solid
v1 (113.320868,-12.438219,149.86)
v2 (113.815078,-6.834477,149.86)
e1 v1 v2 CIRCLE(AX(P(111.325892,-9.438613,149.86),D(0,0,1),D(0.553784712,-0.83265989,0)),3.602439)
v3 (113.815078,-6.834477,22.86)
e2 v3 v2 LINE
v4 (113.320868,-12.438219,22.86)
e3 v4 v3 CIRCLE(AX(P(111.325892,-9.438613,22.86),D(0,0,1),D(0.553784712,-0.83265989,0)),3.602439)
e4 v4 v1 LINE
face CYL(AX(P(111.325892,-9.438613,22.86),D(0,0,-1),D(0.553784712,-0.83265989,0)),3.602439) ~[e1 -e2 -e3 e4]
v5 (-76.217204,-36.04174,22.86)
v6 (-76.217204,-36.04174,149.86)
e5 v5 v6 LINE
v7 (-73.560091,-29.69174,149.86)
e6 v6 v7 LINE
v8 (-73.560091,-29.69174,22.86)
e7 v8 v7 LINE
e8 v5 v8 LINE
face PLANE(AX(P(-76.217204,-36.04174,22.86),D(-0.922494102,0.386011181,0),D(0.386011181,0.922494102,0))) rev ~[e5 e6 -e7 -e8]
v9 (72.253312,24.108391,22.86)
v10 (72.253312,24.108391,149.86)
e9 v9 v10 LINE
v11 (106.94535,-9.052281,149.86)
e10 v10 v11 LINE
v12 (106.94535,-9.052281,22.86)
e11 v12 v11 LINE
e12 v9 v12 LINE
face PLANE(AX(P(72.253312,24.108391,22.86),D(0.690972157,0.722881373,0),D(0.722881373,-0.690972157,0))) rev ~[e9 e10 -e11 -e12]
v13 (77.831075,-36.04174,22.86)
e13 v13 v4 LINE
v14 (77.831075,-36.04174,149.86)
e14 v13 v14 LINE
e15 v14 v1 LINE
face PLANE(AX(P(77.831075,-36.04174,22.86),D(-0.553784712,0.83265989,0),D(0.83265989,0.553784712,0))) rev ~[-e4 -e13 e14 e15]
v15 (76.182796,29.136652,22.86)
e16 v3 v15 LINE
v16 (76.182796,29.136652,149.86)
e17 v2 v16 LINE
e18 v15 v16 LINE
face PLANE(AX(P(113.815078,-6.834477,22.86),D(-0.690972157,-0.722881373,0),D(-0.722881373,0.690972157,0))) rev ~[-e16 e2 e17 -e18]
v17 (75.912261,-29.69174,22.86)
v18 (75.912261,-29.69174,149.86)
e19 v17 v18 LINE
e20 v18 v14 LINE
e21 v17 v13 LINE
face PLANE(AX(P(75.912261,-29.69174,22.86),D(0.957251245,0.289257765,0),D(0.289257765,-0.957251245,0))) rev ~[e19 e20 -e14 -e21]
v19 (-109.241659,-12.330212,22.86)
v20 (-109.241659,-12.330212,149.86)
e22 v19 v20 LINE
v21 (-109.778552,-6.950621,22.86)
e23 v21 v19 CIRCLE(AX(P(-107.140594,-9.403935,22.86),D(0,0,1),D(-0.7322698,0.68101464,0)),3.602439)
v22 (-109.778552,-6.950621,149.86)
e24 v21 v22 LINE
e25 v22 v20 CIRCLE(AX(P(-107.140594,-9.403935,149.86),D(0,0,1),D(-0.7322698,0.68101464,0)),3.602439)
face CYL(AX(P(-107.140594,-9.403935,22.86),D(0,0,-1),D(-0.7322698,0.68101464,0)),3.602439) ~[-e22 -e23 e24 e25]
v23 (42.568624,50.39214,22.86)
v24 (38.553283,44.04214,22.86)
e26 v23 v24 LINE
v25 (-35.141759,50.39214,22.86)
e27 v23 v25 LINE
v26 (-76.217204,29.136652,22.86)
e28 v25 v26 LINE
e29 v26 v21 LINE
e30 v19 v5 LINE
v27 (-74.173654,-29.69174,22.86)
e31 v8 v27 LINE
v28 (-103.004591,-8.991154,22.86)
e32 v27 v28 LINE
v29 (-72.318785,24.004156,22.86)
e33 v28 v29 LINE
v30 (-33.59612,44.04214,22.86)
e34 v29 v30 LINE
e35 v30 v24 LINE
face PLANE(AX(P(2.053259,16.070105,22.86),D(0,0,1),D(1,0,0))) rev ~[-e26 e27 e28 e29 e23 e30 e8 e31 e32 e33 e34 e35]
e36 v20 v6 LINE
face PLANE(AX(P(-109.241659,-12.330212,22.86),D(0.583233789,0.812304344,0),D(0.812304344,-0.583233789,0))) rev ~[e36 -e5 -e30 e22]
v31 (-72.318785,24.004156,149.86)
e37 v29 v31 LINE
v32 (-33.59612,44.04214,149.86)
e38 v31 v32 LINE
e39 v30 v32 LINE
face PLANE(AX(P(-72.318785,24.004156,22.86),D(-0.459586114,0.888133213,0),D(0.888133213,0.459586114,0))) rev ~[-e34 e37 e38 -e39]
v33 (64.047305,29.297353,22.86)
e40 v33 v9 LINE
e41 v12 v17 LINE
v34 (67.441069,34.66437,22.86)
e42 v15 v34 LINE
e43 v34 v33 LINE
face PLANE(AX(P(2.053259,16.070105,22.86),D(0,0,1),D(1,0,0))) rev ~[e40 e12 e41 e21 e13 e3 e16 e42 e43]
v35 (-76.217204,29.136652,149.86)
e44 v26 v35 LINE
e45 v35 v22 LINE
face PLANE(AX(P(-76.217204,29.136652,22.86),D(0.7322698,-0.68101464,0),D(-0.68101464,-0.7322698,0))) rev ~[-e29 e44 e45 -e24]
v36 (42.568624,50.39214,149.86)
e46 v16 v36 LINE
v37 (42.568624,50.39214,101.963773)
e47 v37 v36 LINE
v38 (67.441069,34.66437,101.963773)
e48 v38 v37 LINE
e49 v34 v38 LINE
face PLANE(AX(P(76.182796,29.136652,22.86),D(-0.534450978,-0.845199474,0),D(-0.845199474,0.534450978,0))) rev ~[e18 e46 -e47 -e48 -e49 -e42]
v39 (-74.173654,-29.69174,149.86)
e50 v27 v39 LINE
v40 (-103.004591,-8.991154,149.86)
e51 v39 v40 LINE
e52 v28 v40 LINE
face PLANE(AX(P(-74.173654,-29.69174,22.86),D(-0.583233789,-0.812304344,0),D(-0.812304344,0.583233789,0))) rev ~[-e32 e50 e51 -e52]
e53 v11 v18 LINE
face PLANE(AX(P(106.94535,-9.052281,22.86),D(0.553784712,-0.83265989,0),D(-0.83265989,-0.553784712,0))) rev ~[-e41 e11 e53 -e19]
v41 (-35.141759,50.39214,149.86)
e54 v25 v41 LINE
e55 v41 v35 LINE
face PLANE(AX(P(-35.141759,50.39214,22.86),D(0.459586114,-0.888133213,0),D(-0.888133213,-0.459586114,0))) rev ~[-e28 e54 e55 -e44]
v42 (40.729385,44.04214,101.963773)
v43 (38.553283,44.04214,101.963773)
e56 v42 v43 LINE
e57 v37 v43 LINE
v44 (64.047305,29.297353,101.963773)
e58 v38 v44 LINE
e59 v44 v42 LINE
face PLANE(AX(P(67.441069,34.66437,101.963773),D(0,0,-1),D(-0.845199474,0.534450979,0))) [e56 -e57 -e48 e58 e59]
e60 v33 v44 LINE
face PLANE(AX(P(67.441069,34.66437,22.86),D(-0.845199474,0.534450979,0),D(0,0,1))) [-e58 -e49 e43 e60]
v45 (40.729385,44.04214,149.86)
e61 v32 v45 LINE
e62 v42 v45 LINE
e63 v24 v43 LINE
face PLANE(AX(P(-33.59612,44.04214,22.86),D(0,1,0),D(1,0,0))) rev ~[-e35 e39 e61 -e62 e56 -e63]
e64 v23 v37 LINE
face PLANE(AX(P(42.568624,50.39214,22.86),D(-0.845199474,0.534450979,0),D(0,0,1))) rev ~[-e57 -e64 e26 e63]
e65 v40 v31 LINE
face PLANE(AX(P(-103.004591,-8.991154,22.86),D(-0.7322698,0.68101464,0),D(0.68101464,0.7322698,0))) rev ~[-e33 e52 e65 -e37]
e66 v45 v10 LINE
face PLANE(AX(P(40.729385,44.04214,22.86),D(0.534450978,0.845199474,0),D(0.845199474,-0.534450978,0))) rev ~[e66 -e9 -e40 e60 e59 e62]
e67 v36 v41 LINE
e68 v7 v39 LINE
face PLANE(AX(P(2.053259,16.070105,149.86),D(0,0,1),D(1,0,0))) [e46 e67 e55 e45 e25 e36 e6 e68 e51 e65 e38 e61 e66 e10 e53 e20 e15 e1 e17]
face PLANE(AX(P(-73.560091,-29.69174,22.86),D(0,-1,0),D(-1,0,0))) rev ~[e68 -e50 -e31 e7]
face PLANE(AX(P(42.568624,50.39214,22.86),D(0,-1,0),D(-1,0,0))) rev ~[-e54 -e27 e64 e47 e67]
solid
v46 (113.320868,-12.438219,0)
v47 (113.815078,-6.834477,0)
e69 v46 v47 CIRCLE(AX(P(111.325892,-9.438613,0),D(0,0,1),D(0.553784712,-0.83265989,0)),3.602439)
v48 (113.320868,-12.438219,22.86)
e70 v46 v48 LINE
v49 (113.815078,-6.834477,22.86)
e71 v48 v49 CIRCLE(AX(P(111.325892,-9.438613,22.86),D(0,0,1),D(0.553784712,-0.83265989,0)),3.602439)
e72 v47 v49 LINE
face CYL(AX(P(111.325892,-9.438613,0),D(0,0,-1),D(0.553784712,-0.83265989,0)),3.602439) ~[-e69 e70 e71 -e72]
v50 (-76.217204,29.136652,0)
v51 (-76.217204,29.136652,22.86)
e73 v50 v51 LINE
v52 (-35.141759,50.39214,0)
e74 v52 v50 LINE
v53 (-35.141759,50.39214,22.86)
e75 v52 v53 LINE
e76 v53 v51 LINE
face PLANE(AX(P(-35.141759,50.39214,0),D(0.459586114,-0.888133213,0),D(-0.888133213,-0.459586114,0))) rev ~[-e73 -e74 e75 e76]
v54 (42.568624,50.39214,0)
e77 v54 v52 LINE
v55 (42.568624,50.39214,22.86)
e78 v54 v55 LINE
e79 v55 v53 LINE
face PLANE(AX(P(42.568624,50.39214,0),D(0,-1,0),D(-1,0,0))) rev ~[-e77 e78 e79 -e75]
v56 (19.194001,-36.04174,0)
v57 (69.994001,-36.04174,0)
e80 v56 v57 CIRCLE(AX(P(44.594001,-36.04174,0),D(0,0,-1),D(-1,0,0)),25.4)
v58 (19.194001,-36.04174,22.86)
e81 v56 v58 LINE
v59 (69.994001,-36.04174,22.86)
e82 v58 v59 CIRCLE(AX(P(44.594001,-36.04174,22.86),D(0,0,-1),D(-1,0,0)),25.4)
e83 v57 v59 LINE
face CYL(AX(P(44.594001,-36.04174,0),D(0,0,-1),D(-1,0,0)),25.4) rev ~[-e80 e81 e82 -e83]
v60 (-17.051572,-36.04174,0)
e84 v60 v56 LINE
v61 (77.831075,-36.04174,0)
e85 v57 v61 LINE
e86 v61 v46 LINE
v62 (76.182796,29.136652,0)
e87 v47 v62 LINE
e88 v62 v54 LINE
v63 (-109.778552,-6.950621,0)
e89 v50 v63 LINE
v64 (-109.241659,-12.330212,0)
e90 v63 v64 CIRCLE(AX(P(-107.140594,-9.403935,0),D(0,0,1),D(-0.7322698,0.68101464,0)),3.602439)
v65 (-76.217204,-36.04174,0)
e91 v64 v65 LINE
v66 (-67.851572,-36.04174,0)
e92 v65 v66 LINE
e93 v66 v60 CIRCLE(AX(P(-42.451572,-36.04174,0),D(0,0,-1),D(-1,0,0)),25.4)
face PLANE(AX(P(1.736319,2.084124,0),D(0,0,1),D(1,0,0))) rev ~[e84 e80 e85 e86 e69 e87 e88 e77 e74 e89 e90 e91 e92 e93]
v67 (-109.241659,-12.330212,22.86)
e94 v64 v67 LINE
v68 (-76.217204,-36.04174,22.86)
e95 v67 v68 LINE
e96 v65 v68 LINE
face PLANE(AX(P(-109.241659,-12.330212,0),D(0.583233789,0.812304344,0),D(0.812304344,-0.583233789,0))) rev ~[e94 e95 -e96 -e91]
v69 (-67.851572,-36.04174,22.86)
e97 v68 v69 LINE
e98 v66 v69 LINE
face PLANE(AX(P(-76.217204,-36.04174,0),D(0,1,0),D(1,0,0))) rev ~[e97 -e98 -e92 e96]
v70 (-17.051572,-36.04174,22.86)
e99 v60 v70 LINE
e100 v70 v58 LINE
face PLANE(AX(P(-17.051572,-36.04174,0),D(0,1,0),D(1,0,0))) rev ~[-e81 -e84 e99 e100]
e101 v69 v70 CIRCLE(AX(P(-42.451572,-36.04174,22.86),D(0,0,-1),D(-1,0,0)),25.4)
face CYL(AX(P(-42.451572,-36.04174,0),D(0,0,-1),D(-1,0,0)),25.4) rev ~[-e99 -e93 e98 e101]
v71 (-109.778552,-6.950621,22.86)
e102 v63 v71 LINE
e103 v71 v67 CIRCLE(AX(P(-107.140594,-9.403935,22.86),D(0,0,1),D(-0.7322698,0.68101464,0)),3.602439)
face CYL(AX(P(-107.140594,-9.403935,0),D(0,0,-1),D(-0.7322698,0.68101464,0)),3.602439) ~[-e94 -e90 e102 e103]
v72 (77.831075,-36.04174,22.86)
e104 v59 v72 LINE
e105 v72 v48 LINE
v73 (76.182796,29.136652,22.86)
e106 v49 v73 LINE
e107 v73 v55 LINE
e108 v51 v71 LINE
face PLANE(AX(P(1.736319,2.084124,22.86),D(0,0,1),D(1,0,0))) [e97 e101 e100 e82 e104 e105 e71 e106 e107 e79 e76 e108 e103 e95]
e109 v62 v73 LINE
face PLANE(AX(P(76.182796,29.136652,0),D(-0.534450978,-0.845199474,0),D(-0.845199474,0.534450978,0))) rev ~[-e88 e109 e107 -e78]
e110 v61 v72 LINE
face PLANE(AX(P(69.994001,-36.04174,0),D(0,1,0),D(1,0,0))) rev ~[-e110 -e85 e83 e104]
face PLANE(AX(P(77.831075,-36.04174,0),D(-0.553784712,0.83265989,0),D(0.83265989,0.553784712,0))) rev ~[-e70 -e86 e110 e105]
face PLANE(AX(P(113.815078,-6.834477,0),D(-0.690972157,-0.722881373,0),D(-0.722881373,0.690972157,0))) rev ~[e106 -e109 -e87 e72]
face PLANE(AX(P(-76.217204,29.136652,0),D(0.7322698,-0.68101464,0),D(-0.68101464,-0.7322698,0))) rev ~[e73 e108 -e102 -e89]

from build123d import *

# Parameters (mm, degrees)
F1_DEPTH = 22.86
F3_DEPTH = 127
F4_W     = 29.427899497
F4_H     = 79.1037733698
F5_DEPTH = 25.4


with BuildPart() as f1:
    # F0 (on Top) → F1 (new body)
    with BuildSketch(Plane.XY):
        with BuildLine():
            Line((-109.2416586881, -12.3302117755), (-76.2172043324, -36.0417403281))
            Line((-76.2172043324, -36.0417403281), (-67.8515716732, -36.0417403281))
            ThreePointArc((-67.8515716732, -36.0417403281), (-42.4515716732, -10.6417403281), (-17.0515716732, -36.0417403281))
            Line((-17.0515716732, -36.0417403281), (19.194001025, -36.0417403281))
            ThreePointArc((19.194001025, -36.0417403281), (44.594001025, -10.6417403281), (69.994001025, -36.0417403281))
            Line((69.994001025, -36.0417403281), (76.1827956676, -36.0417403281))
            Line((76.1827956676, -36.0417403281), (77.8310745955, -36.0417403281))
            Line((77.8310745955, -36.0417403281), (113.3208680851, -12.4382194949))
            ThreePointArc((113.3208680851, -12.4382194949), (114.9144029238, -9.7550934328), (113.8150775152, -6.8344766497))
            Line((113.8150775152, -6.8344766497), (76.1827956676, 29.1366521269))
            Line((76.1827956676, 29.1366521269), (42.5686240196, 50.392139703))
            Line((42.5686240196, 50.392139703), (-35.1417586207, 50.392139703))
            Line((-35.1417586207, 50.392139703), (-76.2172043324, 29.1366521269))
            Line((-76.2172043324, 29.1366521269), (-109.778551859, -6.9506209081))
            ThreePointArc((-109.778551859, -6.9506209081), (-110.725225663, -9.761687616), (-109.2416586881, -12.3302117755))
        make_face()
    extrude(amount=F1_DEPTH)


with BuildPart() as f3:
    # F2 (on face) → F3 (new body)
    with BuildSketch(Plane.XY.offset(22.86)):
        with BuildLine():
            Line((-76.2172043324, 29.1366521269), (-109.778551859, -6.9506209081))
            ThreePointArc((-109.778551859, -6.9506209081), (-110.725225663, -9.761687616), (-109.2416586881, -12.3302117755))
            Line((-109.2416586881, -12.3302117755), (-76.2172043324, -36.0417403281))
            Line((-76.2172043324, -36.0417403281), (-73.5600914065, -29.6917403281))
            Line((-73.5600914065, -29.6917403281), (-74.1736543222, -29.6917403281))
            Line((-74.1736543222, -29.6917403281), (-103.0045907292, -8.9911538944))
            Line((-103.0045907292, -8.9911538944), (-72.3187850065, 24.0041556216))
            Line((-72.3187850065, 24.0041556216), (-33.5961198895, 44.042139703))
            Line((-33.5961198895, 44.042139703), (40.7293845442, 44.042139703))
            Line((40.7293845442, 44.042139703), (72.2533122735, 24.1083908897))
            Line((72.2533122735, 24.1083908897), (106.9453496251, -9.0522807952))
            Line((106.9453496251, -9.0522807952), (75.9122608866, -29.6917403281))
            Line((75.9122608866, -29.6917403281), (77.8310745955, -36.0417403281))
            Line((77.8310745955, -36.0417403281), (113.3208680851, -12.4382194949))
            ThreePointArc((113.3208680851, -12.4382194949), (114.9144029238, -9.7550934328), (113.8150775152, -6.8344766497))
            Line((113.8150775152, -6.8344766497), (76.1827956676, 29.1366521269))
            Line((76.1827956676, 29.1366521269), (42.5686240196, 50.392139703))
            Line((42.5686240196, 50.392139703), (-35.1417586207, 50.392139703))
            Line((-35.1417586207, 50.392139703), (-76.2172043324, 29.1366521269))
        make_face()
    extrude(amount=F3_DEPTH)

    # F4 (on face) → F5 (cut)
    with BuildSketch(Plane(origin=(34.9222309204, 55.2272376856, 0), x_dir=(-0.8451994744, 0.5344509785, 0), z_dir=(0.5344509785, 0.8451994744, 0))):
        with Locations((-23.7608000252, 62.4118866849)):
            Rectangle(F4_W, F4_H)
    extrude(amount=-F5_DEPTH, mode=Mode.SUBTRACT)


solid = Compound([f1.part, f3.part])
